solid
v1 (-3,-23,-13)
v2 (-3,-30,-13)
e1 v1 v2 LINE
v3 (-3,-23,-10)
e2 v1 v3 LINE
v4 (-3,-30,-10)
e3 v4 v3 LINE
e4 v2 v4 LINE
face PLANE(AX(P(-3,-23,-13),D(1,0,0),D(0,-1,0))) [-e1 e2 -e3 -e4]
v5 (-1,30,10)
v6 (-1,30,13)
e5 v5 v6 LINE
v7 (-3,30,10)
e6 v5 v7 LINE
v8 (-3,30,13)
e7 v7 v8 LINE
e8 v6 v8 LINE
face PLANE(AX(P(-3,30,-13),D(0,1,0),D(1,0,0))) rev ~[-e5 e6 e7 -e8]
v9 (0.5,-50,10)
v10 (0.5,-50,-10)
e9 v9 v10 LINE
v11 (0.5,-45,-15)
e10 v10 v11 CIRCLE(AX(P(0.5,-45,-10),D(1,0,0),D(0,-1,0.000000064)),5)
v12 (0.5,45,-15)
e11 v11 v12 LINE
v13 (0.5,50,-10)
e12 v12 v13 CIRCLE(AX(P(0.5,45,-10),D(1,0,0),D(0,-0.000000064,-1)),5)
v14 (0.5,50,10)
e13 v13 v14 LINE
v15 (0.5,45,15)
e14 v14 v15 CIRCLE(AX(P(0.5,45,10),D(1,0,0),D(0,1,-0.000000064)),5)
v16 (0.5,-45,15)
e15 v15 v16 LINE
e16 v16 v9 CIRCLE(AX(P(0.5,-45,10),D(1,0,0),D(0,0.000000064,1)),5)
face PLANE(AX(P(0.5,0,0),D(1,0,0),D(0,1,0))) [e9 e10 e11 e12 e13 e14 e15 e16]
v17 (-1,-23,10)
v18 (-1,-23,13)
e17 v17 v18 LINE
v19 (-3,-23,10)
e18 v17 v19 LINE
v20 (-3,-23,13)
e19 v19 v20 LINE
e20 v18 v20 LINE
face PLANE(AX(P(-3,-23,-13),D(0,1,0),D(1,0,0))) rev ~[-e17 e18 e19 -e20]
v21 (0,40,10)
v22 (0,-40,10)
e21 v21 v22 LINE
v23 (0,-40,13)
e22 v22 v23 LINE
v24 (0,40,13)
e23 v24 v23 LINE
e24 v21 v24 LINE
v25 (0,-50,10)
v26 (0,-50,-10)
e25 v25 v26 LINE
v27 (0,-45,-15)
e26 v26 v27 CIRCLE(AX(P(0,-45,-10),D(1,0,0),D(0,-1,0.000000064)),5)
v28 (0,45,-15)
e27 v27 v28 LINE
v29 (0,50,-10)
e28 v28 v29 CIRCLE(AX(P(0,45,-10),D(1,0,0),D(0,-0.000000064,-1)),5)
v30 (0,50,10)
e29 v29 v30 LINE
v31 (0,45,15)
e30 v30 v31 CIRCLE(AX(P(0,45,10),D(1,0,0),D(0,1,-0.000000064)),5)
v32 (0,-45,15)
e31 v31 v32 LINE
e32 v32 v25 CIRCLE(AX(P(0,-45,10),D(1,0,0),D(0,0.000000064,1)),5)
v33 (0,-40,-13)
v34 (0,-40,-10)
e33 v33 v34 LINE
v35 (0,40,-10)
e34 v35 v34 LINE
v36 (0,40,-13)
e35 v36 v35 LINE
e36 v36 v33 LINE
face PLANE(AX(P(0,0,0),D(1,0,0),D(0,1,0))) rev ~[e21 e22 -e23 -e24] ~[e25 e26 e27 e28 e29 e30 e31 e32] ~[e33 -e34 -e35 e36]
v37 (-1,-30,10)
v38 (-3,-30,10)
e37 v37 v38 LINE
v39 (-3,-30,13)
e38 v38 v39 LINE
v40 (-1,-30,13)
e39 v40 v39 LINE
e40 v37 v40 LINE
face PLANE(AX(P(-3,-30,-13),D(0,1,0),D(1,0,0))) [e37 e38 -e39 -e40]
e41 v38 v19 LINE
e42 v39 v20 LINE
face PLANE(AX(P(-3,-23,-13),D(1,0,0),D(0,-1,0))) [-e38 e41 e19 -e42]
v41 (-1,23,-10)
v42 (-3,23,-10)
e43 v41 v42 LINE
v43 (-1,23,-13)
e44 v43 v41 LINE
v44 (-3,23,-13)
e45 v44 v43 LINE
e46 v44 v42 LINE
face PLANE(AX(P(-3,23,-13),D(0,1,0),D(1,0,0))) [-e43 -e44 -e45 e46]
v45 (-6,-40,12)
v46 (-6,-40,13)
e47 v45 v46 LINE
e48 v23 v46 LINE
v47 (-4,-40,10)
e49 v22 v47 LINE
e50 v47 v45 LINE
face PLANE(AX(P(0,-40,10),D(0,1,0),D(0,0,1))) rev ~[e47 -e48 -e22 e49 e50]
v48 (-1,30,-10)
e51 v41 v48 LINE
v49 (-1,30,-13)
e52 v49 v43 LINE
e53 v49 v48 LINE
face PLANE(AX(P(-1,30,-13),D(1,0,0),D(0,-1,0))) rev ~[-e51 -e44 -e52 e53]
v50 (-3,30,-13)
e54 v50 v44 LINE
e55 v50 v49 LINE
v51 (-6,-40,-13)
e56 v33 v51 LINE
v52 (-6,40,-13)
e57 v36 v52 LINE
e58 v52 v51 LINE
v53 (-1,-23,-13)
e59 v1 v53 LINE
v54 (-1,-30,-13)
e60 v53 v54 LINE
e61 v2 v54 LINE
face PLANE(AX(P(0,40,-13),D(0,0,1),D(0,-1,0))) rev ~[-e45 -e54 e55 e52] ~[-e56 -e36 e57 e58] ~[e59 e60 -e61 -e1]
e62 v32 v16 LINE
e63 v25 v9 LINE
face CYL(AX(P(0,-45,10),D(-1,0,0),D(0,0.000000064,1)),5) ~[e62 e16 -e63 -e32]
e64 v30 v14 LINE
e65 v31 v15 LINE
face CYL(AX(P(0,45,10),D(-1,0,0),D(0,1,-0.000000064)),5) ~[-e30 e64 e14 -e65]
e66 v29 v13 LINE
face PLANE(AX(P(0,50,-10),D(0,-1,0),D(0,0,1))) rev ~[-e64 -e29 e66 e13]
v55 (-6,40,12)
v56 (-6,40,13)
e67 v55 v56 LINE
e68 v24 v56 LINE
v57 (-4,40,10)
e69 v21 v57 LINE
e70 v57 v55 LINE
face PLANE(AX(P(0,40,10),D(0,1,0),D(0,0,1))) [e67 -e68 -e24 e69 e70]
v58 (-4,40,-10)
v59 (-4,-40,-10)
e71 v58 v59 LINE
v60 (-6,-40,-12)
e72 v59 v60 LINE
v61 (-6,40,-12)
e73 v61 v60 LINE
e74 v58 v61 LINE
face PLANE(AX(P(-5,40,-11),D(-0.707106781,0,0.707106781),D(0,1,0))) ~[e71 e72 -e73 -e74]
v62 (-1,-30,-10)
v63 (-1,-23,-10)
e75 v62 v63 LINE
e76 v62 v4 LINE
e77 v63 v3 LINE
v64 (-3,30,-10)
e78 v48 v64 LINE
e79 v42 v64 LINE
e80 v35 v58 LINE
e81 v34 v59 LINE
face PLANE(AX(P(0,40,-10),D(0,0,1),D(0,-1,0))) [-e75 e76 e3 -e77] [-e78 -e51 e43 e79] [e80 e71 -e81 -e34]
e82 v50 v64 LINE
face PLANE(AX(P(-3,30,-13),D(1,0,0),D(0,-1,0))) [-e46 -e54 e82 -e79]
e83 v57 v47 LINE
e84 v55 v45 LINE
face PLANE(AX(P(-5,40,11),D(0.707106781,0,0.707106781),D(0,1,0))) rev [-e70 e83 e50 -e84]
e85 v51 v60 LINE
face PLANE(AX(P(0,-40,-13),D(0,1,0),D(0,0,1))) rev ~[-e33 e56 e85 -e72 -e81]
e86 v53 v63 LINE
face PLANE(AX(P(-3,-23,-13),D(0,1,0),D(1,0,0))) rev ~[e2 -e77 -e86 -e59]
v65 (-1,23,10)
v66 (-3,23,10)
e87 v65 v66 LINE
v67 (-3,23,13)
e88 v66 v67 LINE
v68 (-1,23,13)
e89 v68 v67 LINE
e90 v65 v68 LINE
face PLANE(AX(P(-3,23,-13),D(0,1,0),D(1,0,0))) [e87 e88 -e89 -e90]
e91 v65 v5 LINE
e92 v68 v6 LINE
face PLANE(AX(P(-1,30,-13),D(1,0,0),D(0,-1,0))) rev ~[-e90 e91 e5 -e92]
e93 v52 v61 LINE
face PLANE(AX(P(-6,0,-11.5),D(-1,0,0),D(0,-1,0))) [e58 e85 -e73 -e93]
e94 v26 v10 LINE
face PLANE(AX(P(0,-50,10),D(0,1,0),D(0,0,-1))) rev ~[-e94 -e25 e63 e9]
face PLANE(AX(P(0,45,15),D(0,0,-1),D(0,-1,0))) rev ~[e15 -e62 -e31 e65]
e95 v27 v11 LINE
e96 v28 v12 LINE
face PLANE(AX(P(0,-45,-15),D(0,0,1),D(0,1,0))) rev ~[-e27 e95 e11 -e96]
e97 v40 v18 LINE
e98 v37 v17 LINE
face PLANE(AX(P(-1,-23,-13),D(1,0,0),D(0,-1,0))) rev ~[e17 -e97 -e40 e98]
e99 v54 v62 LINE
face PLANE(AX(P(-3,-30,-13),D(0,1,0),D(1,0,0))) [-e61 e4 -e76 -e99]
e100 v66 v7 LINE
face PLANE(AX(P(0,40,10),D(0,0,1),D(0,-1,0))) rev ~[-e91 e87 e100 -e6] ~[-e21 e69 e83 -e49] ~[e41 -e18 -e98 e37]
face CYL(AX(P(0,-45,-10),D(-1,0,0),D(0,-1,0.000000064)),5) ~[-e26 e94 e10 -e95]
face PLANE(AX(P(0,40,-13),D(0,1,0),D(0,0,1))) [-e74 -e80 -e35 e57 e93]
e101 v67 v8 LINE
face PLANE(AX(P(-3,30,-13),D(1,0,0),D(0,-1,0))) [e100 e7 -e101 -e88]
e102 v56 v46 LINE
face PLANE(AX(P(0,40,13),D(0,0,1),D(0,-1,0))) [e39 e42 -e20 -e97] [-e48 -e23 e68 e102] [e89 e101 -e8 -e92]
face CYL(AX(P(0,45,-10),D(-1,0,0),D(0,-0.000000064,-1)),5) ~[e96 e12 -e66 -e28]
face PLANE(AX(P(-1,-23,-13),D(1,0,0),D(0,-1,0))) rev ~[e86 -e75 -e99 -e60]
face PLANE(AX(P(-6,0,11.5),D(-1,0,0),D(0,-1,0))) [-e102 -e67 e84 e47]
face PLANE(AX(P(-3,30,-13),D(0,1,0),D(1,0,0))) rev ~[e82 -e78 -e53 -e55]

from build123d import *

# Parameters (mm, degrees)
F1_DEPTH = 0.5
F2_W     = 80
F2_H     = 3
F3_DEPTH = 6
F4_W     = 2
F4_H     = 7
F5_DEPTH = 80
F6_SIZE  = 2


with BuildPart() as f1:
    # F0 (on Right) → F1 (new body)
    with BuildSketch(Plane.YZ):
        with BuildLine():
            ThreePointArc((-50, -10), (-48.535534, -13.535534), (-45, -15))
            Line((-45, -15), (45, -15))
            ThreePointArc((45, -15), (48.535534, -13.535534), (50, -10))
            Line((50, -10), (50, 10))
            ThreePointArc((50, 10), (48.535534, 13.535534), (45, 15))
            Line((45, 15), (-45, 15))
            ThreePointArc((-45, 15), (-48.535534, 13.535534), (-50, 10))
            Line((-50, 10), (-50, -10))
        make_face()
    extrude(amount=F1_DEPTH)

    # F2 (on face) → F3 (join)
    with BuildSketch(Plane(origin=(0, 0, 0), x_dir=(0, -1, 0), z_dir=(-1, 0, 0))):
        with Locations((0, 11.5)):
            Rectangle(F2_W, F2_H)
        with Locations((0, -11.5)):
            Rectangle(F2_W, F2_H)
    extrude(amount=F3_DEPTH)

    # F4 (on face) → F5 (cut)
    with BuildSketch(Plane(origin=(0, 0, -13), x_dir=(1, 0, 0), z_dir=(0, 0, -1))):
        with Locations((-2, -26.5)):
            Rectangle(F4_W, F4_H)
        with Locations((-2, 26.5)):
            Rectangle(F4_W, F4_H)
    extrude(amount=-F5_DEPTH, mode=Mode.SUBTRACT)

    # F6
    f6_edges = [f1.edges().sort_by_distance(p)[0] for p in [
        (-6, 0, -10),
        (-6, 0, 10),
    ]]
    chamfer(f6_edges, length=F6_SIZE)


solid = f1.part
